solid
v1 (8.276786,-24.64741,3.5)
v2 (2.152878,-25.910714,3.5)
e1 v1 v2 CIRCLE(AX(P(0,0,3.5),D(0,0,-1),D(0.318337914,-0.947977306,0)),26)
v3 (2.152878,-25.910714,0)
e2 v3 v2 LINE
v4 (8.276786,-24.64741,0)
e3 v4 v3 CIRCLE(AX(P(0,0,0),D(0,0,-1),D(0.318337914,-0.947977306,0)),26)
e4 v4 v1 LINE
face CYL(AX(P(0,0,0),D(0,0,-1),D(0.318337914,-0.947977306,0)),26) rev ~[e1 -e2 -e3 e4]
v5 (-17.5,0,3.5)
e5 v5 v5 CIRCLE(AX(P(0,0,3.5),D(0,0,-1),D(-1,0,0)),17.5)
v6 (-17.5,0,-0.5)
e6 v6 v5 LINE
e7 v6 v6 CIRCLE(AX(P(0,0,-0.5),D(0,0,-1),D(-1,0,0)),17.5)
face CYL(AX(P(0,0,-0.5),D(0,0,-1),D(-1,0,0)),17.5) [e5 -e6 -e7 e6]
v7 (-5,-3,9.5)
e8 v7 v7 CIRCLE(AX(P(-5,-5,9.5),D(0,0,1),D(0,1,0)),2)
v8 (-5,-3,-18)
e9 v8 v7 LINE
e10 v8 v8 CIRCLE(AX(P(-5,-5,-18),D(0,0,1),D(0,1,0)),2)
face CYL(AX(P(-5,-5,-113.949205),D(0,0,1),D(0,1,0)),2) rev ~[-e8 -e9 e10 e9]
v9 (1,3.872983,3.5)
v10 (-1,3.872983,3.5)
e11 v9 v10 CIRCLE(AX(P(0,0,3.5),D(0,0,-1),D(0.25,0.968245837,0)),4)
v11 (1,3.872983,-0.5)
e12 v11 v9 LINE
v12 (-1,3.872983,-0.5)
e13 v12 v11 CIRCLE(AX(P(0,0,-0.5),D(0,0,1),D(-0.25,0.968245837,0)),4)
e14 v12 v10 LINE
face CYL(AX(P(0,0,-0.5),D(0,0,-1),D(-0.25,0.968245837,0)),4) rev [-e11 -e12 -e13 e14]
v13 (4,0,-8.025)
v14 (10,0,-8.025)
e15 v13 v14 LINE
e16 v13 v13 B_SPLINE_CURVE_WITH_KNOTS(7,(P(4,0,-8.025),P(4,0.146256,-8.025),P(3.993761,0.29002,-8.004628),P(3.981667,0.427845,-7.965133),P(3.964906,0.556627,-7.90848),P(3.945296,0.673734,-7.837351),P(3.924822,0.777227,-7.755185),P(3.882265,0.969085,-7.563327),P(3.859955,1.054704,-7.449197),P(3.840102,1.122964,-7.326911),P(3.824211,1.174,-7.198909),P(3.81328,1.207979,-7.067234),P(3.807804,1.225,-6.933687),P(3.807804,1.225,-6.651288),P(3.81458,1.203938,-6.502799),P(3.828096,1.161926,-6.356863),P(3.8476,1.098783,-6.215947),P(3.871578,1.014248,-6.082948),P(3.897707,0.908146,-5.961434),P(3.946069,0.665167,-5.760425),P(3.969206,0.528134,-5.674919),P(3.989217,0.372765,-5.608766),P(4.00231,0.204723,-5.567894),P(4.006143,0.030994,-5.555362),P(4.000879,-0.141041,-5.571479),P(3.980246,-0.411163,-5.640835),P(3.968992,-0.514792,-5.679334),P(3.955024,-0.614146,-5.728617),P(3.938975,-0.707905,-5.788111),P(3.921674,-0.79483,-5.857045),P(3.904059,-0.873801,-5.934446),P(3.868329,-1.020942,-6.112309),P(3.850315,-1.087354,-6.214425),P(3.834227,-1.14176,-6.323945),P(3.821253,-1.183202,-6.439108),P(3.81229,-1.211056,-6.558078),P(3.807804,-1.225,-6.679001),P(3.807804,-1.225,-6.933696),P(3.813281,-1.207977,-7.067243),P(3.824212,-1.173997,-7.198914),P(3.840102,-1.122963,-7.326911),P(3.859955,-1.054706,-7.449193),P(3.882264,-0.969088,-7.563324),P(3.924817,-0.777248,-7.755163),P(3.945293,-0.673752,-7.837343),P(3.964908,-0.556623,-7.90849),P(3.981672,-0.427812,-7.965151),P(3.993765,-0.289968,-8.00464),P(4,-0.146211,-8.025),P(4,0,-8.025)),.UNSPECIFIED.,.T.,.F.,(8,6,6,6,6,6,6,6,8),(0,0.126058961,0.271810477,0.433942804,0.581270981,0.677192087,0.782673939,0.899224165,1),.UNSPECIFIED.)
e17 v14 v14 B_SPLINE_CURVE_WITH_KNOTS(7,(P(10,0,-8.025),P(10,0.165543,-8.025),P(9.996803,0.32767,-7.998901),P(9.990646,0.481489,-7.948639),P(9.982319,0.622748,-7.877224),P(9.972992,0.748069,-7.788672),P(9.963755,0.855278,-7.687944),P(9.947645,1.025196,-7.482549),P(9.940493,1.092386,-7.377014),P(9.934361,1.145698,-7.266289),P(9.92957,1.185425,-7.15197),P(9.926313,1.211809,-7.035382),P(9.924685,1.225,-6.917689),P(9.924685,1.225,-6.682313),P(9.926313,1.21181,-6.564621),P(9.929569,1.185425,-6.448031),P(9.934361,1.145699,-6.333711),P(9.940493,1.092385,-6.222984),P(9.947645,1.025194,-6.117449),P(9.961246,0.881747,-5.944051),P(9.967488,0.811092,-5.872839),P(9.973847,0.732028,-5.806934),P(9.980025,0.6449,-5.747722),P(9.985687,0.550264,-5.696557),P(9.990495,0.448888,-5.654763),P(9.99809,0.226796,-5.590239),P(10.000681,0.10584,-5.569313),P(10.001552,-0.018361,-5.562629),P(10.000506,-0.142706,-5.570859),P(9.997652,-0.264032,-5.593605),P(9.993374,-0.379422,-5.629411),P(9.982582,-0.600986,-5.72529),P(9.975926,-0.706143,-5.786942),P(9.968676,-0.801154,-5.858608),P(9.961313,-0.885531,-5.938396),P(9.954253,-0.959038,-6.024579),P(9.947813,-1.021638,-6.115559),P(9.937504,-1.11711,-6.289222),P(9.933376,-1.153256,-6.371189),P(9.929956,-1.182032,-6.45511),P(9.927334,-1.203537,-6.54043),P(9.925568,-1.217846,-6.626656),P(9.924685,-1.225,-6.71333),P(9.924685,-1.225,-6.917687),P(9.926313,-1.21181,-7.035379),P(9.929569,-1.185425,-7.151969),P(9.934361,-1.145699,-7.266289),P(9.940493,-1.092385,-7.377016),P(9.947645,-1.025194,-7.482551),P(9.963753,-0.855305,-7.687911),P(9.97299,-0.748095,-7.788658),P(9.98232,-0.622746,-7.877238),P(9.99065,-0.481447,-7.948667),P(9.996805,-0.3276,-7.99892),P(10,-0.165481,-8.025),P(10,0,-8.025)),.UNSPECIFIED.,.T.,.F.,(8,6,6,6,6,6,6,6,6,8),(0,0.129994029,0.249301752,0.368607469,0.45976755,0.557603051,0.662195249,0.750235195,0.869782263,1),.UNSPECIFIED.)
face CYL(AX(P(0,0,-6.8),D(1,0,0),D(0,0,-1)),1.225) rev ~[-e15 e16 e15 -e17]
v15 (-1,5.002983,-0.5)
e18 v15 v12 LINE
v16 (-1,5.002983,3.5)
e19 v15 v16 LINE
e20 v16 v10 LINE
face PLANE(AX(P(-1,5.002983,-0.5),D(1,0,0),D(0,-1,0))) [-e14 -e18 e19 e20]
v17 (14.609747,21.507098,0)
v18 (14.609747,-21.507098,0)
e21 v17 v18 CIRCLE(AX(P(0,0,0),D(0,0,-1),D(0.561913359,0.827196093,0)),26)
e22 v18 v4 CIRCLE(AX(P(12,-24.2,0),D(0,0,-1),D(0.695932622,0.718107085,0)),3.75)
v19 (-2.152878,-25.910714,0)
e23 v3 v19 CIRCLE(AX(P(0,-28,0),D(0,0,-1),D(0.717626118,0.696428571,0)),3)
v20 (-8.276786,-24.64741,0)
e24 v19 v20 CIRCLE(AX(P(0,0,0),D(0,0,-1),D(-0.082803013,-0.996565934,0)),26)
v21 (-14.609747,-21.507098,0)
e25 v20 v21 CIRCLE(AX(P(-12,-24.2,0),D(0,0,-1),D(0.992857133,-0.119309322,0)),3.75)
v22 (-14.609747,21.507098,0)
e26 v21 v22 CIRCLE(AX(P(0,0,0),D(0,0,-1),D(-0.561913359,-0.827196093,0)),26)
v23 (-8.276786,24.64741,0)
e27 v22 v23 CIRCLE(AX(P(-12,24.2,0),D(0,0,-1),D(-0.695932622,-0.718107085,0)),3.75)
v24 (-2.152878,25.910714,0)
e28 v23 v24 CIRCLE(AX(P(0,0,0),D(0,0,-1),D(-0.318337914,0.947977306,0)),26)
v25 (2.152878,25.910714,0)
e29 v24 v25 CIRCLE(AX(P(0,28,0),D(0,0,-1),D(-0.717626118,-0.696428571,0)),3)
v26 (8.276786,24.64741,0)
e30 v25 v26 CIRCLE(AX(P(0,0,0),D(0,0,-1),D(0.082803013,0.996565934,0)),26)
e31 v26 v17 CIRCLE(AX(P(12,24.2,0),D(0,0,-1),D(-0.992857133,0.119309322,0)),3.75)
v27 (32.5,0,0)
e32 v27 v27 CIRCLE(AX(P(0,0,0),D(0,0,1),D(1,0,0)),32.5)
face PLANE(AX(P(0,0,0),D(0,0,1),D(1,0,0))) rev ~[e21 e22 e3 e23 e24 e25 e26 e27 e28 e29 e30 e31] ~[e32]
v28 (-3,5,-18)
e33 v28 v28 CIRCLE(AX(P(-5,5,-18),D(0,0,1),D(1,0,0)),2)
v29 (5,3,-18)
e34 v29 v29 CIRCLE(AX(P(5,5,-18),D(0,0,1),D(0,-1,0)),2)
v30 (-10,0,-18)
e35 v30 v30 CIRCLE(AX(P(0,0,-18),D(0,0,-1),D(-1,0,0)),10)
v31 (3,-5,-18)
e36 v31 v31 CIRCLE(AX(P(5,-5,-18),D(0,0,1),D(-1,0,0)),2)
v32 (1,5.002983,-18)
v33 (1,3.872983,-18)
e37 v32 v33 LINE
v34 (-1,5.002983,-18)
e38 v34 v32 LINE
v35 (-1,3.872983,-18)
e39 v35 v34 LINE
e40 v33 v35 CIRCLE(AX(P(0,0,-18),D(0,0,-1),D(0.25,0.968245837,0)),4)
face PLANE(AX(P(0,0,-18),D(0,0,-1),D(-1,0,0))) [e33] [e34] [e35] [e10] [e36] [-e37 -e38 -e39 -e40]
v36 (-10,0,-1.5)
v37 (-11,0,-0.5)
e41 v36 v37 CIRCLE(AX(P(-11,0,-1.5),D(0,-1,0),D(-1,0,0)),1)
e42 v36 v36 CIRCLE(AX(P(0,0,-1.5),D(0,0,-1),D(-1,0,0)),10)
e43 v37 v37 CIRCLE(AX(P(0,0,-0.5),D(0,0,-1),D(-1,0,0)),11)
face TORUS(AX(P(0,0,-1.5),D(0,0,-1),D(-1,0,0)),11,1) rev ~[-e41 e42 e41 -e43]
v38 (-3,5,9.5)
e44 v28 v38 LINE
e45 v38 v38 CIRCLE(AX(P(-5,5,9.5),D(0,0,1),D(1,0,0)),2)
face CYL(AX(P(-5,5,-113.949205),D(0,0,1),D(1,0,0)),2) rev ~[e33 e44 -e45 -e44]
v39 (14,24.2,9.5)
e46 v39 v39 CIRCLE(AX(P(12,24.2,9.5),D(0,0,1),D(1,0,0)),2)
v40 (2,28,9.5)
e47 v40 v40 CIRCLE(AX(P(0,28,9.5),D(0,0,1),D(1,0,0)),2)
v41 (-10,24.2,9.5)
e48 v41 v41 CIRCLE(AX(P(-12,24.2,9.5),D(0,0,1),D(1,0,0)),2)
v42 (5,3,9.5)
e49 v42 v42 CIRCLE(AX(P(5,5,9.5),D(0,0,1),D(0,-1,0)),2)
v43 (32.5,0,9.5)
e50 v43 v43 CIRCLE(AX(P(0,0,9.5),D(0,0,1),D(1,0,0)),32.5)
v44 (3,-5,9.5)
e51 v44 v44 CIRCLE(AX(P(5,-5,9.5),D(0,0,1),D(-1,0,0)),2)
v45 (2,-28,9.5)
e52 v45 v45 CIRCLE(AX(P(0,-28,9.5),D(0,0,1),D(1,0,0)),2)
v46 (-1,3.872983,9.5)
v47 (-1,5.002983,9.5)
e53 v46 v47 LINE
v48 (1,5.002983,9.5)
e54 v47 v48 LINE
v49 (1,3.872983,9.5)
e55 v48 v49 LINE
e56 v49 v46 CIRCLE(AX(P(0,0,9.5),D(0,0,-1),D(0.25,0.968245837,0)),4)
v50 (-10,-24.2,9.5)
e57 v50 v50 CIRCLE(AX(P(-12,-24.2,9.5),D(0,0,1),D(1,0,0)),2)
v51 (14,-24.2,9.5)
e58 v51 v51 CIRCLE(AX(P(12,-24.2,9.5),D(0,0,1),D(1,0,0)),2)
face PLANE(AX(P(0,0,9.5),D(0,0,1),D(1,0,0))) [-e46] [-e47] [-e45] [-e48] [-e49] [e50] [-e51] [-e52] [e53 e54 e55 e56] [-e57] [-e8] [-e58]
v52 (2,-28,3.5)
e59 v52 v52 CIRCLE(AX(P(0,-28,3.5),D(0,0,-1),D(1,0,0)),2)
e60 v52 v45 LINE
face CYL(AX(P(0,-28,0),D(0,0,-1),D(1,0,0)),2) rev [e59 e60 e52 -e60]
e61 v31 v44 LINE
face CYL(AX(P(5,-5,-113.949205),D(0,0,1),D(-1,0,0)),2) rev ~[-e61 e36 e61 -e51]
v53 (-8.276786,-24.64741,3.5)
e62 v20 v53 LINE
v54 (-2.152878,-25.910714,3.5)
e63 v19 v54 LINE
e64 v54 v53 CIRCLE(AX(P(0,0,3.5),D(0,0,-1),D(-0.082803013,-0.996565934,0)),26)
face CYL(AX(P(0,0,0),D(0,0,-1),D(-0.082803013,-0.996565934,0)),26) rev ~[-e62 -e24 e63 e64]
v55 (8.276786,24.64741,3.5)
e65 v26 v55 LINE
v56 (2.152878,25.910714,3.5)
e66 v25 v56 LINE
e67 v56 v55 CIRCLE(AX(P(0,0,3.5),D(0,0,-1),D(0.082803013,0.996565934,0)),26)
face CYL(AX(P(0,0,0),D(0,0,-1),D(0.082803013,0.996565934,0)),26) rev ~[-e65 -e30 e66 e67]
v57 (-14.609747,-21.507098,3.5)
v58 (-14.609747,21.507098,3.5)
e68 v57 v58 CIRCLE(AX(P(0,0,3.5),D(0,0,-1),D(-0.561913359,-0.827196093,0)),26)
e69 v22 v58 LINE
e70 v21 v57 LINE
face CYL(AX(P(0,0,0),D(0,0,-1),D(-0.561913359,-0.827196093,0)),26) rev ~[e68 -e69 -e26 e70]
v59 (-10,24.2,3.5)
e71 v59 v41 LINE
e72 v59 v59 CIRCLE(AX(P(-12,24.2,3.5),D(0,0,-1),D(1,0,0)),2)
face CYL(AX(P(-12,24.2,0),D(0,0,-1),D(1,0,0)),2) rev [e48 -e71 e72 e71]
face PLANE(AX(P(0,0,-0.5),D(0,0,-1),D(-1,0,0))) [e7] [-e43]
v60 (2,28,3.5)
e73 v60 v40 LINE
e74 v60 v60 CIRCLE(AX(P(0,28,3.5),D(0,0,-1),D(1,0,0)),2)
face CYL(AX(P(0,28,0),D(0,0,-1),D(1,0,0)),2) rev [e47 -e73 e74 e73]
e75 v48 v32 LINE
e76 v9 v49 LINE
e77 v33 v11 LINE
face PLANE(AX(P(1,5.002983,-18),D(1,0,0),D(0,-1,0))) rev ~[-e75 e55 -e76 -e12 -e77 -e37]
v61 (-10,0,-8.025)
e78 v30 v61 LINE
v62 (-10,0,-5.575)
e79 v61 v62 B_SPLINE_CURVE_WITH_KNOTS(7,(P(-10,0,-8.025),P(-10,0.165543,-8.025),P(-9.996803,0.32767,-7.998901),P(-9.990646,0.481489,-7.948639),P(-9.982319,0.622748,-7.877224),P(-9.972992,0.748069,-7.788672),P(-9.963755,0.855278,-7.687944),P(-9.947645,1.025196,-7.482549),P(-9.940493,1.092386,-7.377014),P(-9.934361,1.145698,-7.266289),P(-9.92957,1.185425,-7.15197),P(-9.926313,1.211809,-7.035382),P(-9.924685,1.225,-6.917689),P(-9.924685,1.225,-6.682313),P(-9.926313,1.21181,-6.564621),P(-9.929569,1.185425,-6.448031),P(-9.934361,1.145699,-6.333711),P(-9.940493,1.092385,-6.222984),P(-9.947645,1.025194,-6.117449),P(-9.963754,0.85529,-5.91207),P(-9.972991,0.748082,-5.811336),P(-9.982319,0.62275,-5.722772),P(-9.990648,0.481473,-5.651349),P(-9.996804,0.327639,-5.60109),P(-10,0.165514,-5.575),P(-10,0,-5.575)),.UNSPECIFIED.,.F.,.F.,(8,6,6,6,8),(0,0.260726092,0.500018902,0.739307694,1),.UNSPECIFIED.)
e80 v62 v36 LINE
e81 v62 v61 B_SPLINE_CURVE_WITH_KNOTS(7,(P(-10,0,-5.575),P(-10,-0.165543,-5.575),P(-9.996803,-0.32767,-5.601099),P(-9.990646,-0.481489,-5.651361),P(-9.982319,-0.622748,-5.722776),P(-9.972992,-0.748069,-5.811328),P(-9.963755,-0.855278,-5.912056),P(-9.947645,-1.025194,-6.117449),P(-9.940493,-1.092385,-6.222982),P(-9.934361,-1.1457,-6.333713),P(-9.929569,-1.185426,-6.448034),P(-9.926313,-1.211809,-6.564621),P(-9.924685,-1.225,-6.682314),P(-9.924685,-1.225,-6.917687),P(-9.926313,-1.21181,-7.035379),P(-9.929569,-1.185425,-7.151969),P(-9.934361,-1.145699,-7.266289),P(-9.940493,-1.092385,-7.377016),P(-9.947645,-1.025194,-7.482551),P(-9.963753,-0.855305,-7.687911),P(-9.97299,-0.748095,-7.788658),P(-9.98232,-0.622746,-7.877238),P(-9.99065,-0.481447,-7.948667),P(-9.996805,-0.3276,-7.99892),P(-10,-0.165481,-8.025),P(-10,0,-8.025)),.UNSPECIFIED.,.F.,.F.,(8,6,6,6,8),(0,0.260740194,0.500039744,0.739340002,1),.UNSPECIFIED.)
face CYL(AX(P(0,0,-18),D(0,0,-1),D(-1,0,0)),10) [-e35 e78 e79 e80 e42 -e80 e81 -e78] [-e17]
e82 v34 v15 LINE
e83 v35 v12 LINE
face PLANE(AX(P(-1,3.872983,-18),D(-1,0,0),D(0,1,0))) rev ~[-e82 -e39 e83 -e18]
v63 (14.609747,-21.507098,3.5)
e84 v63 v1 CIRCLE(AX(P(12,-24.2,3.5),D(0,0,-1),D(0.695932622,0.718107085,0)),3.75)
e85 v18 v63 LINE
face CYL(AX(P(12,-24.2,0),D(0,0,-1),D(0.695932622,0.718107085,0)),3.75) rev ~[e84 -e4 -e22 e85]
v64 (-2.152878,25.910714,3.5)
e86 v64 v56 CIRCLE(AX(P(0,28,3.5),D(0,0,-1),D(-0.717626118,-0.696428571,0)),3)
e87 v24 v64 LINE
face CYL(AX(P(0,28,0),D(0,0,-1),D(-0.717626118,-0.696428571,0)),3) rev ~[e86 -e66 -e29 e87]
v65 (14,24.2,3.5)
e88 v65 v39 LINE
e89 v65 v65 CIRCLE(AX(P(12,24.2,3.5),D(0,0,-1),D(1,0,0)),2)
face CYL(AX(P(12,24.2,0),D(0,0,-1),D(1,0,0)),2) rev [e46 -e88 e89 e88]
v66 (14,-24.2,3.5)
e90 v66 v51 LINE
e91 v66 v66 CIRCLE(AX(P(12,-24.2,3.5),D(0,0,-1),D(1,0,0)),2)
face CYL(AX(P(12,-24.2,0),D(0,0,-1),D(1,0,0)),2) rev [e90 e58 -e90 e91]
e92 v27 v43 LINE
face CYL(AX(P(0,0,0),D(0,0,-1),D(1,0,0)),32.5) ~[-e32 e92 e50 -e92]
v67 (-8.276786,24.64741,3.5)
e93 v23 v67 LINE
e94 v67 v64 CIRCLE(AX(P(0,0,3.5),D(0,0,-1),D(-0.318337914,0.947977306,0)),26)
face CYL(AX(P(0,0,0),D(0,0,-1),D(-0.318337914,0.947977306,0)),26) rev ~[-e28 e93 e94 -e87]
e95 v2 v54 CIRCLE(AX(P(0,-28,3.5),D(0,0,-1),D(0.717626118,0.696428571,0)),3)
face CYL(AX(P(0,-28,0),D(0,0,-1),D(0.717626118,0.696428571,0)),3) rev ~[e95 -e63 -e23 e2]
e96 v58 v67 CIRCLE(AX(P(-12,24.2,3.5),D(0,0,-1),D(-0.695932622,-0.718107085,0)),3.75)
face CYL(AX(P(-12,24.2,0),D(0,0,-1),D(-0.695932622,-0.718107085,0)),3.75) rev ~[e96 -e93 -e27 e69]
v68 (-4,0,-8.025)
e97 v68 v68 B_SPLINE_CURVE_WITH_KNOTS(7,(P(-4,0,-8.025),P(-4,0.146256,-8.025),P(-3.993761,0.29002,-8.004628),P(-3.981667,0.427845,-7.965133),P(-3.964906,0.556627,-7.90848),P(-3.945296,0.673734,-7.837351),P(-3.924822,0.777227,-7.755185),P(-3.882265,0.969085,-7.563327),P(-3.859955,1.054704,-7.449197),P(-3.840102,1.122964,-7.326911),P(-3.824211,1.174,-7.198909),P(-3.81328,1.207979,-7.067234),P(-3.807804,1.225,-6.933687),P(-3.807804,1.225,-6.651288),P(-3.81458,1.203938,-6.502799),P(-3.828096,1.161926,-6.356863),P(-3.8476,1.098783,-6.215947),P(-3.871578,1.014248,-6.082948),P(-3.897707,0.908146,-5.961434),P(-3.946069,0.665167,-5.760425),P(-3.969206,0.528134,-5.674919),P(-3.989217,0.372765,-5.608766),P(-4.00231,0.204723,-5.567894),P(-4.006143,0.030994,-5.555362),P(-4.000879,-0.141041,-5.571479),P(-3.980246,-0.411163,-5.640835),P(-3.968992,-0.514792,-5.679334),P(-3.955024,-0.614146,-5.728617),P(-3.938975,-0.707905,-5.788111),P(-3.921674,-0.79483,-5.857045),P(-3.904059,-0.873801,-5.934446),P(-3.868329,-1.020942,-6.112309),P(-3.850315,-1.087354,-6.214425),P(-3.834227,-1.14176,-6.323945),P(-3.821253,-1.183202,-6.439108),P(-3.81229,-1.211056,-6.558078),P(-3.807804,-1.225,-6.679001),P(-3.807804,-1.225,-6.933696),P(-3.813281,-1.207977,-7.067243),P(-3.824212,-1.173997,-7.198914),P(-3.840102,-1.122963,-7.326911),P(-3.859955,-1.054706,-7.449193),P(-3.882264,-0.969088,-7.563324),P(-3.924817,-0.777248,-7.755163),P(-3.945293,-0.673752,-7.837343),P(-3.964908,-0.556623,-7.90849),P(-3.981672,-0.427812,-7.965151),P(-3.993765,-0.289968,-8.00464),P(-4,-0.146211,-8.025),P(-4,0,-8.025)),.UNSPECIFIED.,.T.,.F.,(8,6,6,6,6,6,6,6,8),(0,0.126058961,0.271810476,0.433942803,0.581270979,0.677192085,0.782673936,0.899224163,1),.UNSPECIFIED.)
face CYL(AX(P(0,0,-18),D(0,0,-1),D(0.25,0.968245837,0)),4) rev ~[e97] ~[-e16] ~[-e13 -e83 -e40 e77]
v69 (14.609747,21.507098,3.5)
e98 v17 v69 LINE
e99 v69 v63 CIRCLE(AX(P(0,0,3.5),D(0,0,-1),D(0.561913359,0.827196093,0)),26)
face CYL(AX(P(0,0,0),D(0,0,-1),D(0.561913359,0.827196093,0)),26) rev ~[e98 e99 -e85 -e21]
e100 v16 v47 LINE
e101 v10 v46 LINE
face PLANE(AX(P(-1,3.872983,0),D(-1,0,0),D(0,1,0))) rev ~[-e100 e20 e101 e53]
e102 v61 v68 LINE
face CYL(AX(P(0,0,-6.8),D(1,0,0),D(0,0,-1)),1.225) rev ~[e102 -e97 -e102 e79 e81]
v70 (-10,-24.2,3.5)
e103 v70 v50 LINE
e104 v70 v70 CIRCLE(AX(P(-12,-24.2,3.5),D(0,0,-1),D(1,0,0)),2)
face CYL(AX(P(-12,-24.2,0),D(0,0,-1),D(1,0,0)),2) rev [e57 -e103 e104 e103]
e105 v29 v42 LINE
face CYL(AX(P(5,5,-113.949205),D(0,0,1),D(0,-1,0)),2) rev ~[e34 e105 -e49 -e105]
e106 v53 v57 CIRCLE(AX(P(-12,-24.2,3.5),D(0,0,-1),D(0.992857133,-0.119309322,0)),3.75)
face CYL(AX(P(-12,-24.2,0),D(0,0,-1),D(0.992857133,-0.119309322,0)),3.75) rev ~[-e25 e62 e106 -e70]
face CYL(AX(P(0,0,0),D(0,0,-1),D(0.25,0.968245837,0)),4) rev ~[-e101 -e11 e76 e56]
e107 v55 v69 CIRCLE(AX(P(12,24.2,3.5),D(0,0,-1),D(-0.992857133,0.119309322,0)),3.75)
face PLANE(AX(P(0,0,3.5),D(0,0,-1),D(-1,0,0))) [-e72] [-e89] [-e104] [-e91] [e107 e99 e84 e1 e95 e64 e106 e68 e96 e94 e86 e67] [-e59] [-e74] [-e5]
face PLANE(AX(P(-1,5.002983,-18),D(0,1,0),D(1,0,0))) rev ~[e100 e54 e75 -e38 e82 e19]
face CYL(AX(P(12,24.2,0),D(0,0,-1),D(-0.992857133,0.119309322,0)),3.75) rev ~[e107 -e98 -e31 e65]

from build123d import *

# Parameters (mm, degrees)
SKETCH1_R             = 32.5
SKETCH1_R_2           = 2
BOSS_EXTRUDE1_DEPTH   = 9.5
CUT_EXTRUDE1_DEPTH    = 3.5
BOSS_EXTRUDE2_START   = 4
SKETCH4_R             = 17.5
BOSS_EXTRUDE2_DEPTH   = 4
BOSS_EXTRUDE4_START   = 17.5
SKETCH5_R             = 10
BOSS_EXTRUDE4_DEPTH   = 17.5
SKETCH6_R             = 1.225
CUT_EXTRUDE2_DEPTH    = 20
F_4_0MM_DOWEL_HOLE1_D = 4
CIRPATTERN1_COUNT     = 4
FILLET1_R             = 1


with BuildPart() as part:
    # Sketch1 → Boss-Extrude1 (new body)
    with BuildSketch(Plane.XY):
        Circle(SKETCH1_R)
        with Locations((0, 28)):
            Circle(SKETCH1_R_2, mode=Mode.SUBTRACT)
        with Locations((12, 24.2)):
            Circle(SKETCH1_R_2, mode=Mode.SUBTRACT)
        with Locations((-12, 24.2)):
            Circle(SKETCH1_R_2, mode=Mode.SUBTRACT)
        with Locations((-12, -24.2)):
            Circle(SKETCH1_R_2, mode=Mode.SUBTRACT)
        with Locations((0, -28)):
            Circle(SKETCH1_R_2, mode=Mode.SUBTRACT)
        with Locations((12, -24.2)):
            Circle(SKETCH1_R_2, mode=Mode.SUBTRACT)
        with BuildLine():
            Line((-1, 3.872983346), (-1, 5.002983346))
            Line((-1, 5.002983346), (1, 5.002983346))
            Line((1, 5.002983346), (1, 3.872983346))
            ThreePointArc((1, 3.872983346), (0, -4), (-1, 3.872983346))
        make_face(mode=Mode.SUBTRACT)
    extrude(amount=BOSS_EXTRUDE1_DEPTH)

    # Sketch2 → Cut-Extrude1 (cut)
    with BuildSketch(Plane(origin=(0, 0, 0), x_dir=(-1, 0, 0), z_dir=(0, 0, -1))):
        with BuildLine():
            ThreePointArc((-14.609747332, 21.50709843), (-26, 0), (-14.609747332, -21.50709843))
            ThreePointArc((-14.609747332, -21.50709843), (-13.665935552, -27.559636697), (-8.276785753, -24.647409957))
            ThreePointArc((-8.276785753, -24.647409957), (-5.252947534, -25.463828114), (-2.152878353, -25.910714286))
            ThreePointArc((-2.152878353, -25.910714286), (0, -31), (2.152878353, -25.910714286))
            ThreePointArc((2.152878353, -25.910714286), (5.252947534, -25.463828114), (8.276785753, -24.647409957))
            ThreePointArc((8.276785753, -24.647409957), (13.665935552, -27.559636697), (14.609747332, -21.50709843))
            ThreePointArc((14.609747332, -21.50709843), (26, 0), (14.609747332, 21.50709843))
            ThreePointArc((14.609747332, 21.50709843), (13.665935552, 27.559636697), (8.276785753, 24.647409957))
            ThreePointArc((8.276785753, 24.647409957), (5.252947534, 25.463828114), (2.152878353, 25.910714286))
            ThreePointArc((2.152878353, 25.910714286), (0, 31), (-2.152878353, 25.910714286))
            ThreePointArc((-2.152878353, 25.910714286), (-5.252947534, 25.463828114), (-8.276785753, 24.647409957))
            ThreePointArc((-8.276785753, 24.647409957), (-13.665935552, 27.559636697), (-14.609747332, 21.50709843))
        make_face()
    extrude(amount=-CUT_EXTRUDE1_DEPTH, mode=Mode.SUBTRACT)

    # Sketch4 → Boss-Extrude2 (add)
    with BuildSketch(Plane(origin=(0, 0, 3.5), x_dir=(-1, 0, 0), z_dir=(0, 0, -1)).offset(BOSS_EXTRUDE2_START)):
        Circle(SKETCH4_R)
        with BuildLine():
            Line((1, 5.002983346), (1, 3.872983346))
            ThreePointArc((1, 3.872983346), (0, -4), (-1, 3.872983346))
            Line((-1, 3.872983346), (-1, 5.002983346))
            Line((-1, 5.002983346), (1, 5.002983346))
        make_face(mode=Mode.SUBTRACT)
    extrude(amount=-BOSS_EXTRUDE2_DEPTH)

    # Sketch5 → Boss-Extrude4 (add)
    with BuildSketch(Plane(origin=(0, 0, -0.5), x_dir=(-1, 0, 0), z_dir=(0, 0, -1)).offset(BOSS_EXTRUDE4_START)):
        Circle(SKETCH5_R)
        with BuildLine():
            Line((-1, 5.002983346), (-1, 3.872983346))
            ThreePointArc((-1, 3.872983346), (0, -4), (1, 3.872983346))
            Line((1, 3.872983346), (1, 5.002983346))
            Line((1, 5.002983346), (-1, 5.002983346))
        make_face(mode=Mode.SUBTRACT)
    extrude(amount=-BOSS_EXTRUDE4_DEPTH)

    # Sketch6 → Cut-Extrude2 (cut, symmetric)
    with BuildSketch(Plane(origin=(0, 0, 0), x_dir=(0, 0, -1), z_dir=(1, 0, 0))):
        with Locations((6.8, 0)):
            Circle(SKETCH6_R)
    extrude(amount=CUT_EXTRUDE2_DEPTH, both=True, mode=Mode.SUBTRACT)

    # Ø4.0mm Dowel Hole1 (through all)
    with Locations(Plane(origin=(0, 0, -18), x_dir=(-1, 0, 0), z_dir=(0, 0, -1))):
        with Locations((5, 5)):
            f_4_0mm_dowel_hole1 = Hole(F_4_0MM_DOWEL_HOLE1_D / 2)

    # CirPattern1: Ø4.0mm Dowel Hole1 ×4 about axis
    cirpattern1_axis = Axis((0, 0, 0), (0, 0, 1))
    for i in range(1, CIRPATTERN1_COUNT):
        add(f_4_0mm_dowel_hole1.rotate(cirpattern1_axis, i * 360 / CIRPATTERN1_COUNT), mode=Mode.SUBTRACT)

    # Fillet1
    fillet1_edges = [part.edges().sort_by_distance(p)[0] for p in [
        (10, 0, -0.5),
    ]]
    fillet(fillet1_edges, radius=FILLET1_R)


solid = part.part
